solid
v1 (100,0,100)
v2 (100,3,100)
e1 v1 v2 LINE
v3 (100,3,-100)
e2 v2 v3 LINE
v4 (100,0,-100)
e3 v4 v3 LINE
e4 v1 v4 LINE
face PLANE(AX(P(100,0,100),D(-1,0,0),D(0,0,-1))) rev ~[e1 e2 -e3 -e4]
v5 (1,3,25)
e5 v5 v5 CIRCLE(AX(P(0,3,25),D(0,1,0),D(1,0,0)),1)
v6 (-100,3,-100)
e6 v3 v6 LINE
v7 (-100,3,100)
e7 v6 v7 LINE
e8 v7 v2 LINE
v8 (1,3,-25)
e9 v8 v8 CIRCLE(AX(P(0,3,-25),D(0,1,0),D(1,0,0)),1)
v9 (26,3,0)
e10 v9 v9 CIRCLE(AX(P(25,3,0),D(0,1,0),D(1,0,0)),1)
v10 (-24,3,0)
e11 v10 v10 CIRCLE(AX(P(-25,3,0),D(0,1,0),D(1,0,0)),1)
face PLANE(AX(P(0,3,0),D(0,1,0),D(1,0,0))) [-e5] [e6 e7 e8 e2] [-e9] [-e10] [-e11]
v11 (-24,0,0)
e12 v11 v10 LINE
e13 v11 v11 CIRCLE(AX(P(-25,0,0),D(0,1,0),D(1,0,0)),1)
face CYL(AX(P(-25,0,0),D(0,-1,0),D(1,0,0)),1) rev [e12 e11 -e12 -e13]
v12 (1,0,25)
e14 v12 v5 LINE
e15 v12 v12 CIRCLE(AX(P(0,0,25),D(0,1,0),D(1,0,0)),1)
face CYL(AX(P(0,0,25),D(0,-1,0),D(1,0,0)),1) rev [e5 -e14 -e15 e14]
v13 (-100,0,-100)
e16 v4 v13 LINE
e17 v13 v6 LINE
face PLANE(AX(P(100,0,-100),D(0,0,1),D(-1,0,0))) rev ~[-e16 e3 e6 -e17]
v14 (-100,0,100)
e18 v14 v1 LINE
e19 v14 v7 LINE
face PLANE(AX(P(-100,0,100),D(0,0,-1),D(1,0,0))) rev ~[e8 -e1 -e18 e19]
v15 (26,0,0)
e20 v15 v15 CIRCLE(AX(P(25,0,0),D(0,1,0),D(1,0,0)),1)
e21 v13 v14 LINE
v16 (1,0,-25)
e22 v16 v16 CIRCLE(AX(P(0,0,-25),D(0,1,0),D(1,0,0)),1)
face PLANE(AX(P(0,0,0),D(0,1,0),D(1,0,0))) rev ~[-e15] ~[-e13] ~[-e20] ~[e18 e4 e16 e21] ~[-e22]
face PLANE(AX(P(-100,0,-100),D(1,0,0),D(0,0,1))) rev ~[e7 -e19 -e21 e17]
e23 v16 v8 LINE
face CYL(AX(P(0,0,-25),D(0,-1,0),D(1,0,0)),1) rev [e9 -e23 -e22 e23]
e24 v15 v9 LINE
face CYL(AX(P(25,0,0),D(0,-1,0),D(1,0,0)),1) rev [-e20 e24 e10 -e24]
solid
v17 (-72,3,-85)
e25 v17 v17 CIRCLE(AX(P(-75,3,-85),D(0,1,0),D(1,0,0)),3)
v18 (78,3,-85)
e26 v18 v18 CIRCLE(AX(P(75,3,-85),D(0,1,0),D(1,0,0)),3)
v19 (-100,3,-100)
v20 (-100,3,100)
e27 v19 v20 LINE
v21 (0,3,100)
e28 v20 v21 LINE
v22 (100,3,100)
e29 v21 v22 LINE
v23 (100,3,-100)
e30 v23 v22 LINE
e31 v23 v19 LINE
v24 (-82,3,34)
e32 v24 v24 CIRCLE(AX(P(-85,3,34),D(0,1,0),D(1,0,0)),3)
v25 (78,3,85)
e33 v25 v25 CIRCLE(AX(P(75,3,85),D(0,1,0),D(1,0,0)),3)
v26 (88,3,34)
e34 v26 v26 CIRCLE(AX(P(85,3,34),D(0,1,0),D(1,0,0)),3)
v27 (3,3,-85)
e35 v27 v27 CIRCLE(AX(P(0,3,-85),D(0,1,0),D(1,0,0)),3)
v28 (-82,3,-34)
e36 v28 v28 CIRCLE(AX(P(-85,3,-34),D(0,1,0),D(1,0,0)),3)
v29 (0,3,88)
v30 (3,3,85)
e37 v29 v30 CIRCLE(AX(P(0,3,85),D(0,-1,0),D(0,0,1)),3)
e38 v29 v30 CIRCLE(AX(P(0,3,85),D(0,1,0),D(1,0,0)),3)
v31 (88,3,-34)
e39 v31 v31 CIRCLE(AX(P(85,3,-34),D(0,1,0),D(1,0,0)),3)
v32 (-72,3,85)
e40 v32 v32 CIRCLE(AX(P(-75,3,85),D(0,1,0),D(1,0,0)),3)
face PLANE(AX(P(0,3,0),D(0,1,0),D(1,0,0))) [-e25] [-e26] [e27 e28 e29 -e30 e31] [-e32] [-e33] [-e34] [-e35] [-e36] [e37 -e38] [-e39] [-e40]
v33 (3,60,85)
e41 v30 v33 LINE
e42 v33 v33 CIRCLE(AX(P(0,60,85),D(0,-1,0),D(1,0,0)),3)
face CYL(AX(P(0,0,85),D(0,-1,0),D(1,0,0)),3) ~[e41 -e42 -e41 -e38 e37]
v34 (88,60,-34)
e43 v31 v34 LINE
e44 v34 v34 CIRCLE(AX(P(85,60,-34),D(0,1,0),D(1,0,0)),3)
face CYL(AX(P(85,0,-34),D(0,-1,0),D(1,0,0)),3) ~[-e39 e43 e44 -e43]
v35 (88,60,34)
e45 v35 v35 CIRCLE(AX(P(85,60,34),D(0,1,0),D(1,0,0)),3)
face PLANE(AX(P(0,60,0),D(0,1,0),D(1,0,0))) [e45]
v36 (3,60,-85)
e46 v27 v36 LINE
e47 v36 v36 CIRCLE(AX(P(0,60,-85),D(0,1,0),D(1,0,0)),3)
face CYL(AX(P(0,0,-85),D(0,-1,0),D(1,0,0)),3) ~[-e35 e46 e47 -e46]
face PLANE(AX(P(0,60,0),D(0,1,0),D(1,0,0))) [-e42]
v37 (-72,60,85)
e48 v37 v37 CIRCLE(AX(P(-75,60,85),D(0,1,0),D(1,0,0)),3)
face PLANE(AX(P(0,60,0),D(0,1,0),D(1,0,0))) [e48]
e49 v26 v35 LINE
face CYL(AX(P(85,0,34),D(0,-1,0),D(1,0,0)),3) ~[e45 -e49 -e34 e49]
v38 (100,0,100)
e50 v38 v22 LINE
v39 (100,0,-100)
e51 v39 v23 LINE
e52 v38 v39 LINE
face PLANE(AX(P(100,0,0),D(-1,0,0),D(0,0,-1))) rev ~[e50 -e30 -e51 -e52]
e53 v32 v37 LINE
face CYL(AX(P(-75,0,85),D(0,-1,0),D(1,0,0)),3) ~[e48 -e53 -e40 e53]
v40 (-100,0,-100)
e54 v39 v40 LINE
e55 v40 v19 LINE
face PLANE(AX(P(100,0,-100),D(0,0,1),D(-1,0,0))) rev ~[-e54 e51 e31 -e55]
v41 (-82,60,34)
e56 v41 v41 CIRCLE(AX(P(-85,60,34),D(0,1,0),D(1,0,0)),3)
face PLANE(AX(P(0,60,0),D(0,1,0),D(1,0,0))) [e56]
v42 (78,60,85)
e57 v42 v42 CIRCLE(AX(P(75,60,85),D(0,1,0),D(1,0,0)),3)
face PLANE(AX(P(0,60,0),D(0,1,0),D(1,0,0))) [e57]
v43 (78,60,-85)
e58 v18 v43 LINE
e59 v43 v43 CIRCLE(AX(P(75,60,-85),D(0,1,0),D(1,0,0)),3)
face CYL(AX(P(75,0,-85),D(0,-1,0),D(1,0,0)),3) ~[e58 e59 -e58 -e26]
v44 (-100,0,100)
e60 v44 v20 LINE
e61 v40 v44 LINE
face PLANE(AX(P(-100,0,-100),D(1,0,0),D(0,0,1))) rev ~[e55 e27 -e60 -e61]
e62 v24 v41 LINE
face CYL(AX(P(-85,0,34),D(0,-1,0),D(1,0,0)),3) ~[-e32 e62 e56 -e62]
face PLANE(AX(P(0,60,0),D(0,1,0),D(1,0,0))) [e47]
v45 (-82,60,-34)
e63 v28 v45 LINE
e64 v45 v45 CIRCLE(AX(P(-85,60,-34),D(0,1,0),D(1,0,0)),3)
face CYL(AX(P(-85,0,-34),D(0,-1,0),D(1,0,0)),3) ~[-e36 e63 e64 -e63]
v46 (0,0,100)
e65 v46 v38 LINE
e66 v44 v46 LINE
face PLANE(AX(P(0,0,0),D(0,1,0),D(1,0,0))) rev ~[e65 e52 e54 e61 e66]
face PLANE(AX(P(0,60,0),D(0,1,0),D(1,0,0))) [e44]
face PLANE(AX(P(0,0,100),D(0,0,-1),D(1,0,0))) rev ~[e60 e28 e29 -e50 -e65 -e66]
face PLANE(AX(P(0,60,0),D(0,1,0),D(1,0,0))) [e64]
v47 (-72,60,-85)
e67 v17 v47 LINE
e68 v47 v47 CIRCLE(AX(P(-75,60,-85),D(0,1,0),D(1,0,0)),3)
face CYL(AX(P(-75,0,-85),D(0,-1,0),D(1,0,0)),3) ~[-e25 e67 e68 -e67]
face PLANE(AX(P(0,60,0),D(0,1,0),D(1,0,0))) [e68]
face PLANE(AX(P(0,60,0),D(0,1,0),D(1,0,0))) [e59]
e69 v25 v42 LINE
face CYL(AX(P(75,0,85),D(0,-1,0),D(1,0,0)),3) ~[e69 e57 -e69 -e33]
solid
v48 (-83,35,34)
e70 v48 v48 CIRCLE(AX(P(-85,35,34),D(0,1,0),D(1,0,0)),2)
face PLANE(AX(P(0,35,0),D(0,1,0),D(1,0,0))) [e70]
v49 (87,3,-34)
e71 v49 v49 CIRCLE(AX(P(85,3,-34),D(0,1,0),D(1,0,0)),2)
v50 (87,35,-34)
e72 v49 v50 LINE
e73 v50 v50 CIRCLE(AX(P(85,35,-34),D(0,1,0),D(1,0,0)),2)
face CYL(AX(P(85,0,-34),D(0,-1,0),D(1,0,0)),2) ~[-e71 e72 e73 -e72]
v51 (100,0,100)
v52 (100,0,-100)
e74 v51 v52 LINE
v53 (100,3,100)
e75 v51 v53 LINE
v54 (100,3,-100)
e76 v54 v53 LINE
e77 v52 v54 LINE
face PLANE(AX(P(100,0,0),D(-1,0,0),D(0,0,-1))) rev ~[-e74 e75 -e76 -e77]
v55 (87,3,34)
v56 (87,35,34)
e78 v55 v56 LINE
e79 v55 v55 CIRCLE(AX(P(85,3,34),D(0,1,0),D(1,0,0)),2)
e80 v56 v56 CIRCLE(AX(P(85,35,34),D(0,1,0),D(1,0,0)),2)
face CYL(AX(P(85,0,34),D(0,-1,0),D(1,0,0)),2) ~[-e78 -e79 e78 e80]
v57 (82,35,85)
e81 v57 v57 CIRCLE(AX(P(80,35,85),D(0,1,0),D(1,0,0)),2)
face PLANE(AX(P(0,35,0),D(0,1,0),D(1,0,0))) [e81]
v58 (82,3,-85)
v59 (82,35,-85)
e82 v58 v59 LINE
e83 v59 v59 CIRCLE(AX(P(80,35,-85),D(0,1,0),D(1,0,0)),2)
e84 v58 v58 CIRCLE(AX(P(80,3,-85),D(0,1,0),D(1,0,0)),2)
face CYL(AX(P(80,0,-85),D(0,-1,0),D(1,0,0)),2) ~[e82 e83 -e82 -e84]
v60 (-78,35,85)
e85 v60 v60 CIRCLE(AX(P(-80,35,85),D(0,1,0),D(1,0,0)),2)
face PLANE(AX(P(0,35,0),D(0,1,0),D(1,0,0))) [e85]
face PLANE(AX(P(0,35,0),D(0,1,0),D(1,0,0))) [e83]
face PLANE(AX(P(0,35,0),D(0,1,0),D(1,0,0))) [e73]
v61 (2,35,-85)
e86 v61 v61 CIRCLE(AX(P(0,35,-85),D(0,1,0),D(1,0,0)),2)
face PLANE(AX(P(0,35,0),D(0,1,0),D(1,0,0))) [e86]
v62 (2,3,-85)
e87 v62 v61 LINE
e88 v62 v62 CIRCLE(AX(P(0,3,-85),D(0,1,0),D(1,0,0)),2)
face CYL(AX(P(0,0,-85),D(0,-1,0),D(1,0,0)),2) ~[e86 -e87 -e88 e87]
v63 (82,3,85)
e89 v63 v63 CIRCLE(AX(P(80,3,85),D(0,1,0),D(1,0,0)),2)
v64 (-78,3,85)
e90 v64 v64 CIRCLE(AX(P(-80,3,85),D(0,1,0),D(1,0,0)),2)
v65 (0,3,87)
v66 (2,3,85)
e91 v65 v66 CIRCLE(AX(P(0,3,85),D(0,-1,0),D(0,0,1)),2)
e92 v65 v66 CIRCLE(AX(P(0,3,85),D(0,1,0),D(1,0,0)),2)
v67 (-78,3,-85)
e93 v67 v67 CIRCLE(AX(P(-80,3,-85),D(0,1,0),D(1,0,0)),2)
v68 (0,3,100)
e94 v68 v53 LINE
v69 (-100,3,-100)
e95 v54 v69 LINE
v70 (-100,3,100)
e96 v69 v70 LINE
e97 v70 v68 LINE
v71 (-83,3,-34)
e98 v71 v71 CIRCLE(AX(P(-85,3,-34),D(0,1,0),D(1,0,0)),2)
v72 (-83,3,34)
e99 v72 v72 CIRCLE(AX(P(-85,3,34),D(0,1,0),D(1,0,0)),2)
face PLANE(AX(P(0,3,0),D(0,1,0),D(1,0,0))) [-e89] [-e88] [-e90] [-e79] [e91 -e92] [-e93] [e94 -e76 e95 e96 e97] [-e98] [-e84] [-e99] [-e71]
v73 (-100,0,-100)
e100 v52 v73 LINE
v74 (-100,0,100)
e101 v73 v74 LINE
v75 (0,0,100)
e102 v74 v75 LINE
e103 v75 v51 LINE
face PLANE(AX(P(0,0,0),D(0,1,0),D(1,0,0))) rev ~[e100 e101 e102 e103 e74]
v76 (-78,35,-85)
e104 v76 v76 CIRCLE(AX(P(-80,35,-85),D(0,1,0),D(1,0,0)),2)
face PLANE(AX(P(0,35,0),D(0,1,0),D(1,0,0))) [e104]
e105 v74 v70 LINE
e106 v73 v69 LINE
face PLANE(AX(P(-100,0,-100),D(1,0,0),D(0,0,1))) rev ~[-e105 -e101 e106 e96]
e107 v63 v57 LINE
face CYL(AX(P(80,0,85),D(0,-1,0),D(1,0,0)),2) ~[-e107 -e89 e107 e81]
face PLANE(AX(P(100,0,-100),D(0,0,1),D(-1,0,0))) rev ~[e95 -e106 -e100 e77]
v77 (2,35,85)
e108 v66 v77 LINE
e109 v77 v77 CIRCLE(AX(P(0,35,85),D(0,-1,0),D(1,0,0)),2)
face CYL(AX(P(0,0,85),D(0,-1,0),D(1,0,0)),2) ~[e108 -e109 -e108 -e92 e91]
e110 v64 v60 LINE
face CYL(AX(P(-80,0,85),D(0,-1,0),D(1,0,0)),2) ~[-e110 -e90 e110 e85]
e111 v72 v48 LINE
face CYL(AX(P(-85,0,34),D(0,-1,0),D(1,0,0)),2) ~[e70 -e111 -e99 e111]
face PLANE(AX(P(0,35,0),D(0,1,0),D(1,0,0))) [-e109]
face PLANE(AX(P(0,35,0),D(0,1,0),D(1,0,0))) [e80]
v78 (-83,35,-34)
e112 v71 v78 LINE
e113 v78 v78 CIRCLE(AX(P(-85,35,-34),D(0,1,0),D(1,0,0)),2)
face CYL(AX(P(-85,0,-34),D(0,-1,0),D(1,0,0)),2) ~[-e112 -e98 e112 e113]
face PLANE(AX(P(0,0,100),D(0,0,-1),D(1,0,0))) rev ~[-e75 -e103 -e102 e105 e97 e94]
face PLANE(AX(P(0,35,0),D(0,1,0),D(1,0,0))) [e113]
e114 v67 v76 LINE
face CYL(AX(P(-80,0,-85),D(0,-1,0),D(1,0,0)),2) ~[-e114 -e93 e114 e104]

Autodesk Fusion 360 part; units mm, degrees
sketch "Sketch2" plane through (0, 0, 0) normal (0, 1, 0) x (1, 0, 0)
  line L0 (100, 100) -> (-100, 100)
  line L1 (-100, 100) -> (-100, -100)
  line L2 (-100, -100) -> (100, -100)
  line L3 (100, -100) -> (100, 100)
  line L4 (100, 100) -> (-100, -100) construction
  line L5 (-100, 100) -> (100, -100) construction
  circle A0 centre (0, -85) radius 3
  circle A1 centre (85, -34) radius 3
  circle A2 centre (75, -85) radius 3
  line L6 (0, -100) -> (0, -75.336)
  line L7 (100, 0) -> (77.1894, 0)
  circle A3 centre (-85, -34) radius 3
  circle A4 centre (0, -85) radius 3
  circle A5 centre (-75, -85) radius 3
  circle A6 centre (85, 34) radius 3
  circle A7 centre (75, 85) radius 3
  circle A8 centre (0, 85) radius 3
  circle A9 centre (-75, 85) radius 3
  circle A10 centre (-85, 34) radius 3
  dimension "d3" = 200
  dimension "d4" = 200
  dimension "d5" = 6
  dimension "d6" = 6
  dimension "d7" = 6
  dimension "d8" = 15
  dimension "d9" = 25
  dimension "d10" = 15
  dimension "d11" = 66
  dimension "d12" = 100
  dimension "d13" = 15
extrude "Extrude2" add sketch "Sketch2" along normal blind 3 makes body 1
extrude "Extrude3" add sketch "Sketch2" along normal blind 60 contours A0 L6 A4 | A0 L6 A4 | A1 | A2 | A3 | A5 | A6 | A7 | A8 | A9 | A10 bodies 1
sketch "Sketch3" plane through (0, 0, 0) normal (0, 1, 0) x (1, 0, 0)
  line L0 (100, 100) -> (-100, 100)
  line L1 (-100, 100) -> (-100, -100)
  line L2 (-100, -100) -> (100, -100)
  line L3 (100, -100) -> (100, 100)
  line L4 (100, 100) -> (-100, -100) construction
  line L5 (-100, 100) -> (100, -100) construction
  circle A0 centre (0, -85) radius 2
  circle A1 centre (80, -85) radius 2
  circle A2 centre (85, -34) radius 2
  line L6 (100, 0) -> (78.2297, 0)
  line L7 (0, -100) -> (0, -63.6299)
  circle A3 centre (-80, -85) radius 2
  circle A4 centre (-85, -34) radius 2
  circle A5 centre (-85, 34) radius 2
  circle A6 centre (-80, 85) radius 2
  circle A7 centre (0, 85) radius 2
  circle A8 centre (80, 85) radius 2
  circle A9 centre (85, 34) radius 2
  point P0 (0, -85)
  dimension "d18" = 200
  dimension "d19" = 200
  dimension "d20" = 4
  dimension "d21" = 4
  dimension "d22" = 4
  dimension "d23" = 15
  dimension "d24" = 100
  dimension "d25" = 15
  dimension "d26" = 20
  dimension "d27" = 15
  dimension "d28" = 66
extrude "Extrude4" add sketch "Sketch3" along normal blind 3 separate body makes body 2
extrude "Extrude5" add sketch "Sketch3" along normal blind 35 contours A0 L7 | A0 L7 | A1 | A2 | A3 | A4 | A5 | A6 | A7 | A8 | A9 bodies 2
sketch "Sketch4" plane through (0, 0, 0) normal (0, 1, 0) x (1, 0, 0)
  line L0 (100, 100) -> (-100, 100)
  line L1 (-100, 100) -> (-100, -100)
  line L2 (-100, -100) -> (100, -100)
  line L3 (100, -100) -> (100, 100)
  line L4 (100, 100) -> (-100, -100) construction
  line L5 (-100, 100) -> (100, -100) construction
  circle A0 centre (-25, 0) radius 1
  circle A1 centre (0, -25) radius 1
  circle A2 centre (25, 0) radius 1
  circle A3 centre (0, 25) radius 1
  dimension "d33" = 200
  dimension "d34" = 200
  dimension "d37" = 2
  dimension "d38" = 75
  dimension "d39" = 100
  dimension "d41" = 360
extrude "Extrude6" add sketch "Sketch4" along normal blind 3 separate body makes body 3
copy_body "Body->Comp1" bodies 1 removing the originals makes body 4 in component "Component"
copy_body "Body->Comp2" bodies 2 removing the originals makes body 5 in component "Component'"
copy_body "Body->Comp4" bodies 3 removing the originals makes body 6 in component "Component''"
component "Component" placed x (1, 0, 0) y (0, 1, 0) z (0, 0, 1) at (0, 0, 0)
component "Component'" placed x (1, 0, 0) y (0, 1, 0) z (0, 0, 1) at (0, 0, 0)
component "Component''" placed x (1, 0, 0) y (0, 1, 0) z (0, 0, 1) at (0, 0, 0)
